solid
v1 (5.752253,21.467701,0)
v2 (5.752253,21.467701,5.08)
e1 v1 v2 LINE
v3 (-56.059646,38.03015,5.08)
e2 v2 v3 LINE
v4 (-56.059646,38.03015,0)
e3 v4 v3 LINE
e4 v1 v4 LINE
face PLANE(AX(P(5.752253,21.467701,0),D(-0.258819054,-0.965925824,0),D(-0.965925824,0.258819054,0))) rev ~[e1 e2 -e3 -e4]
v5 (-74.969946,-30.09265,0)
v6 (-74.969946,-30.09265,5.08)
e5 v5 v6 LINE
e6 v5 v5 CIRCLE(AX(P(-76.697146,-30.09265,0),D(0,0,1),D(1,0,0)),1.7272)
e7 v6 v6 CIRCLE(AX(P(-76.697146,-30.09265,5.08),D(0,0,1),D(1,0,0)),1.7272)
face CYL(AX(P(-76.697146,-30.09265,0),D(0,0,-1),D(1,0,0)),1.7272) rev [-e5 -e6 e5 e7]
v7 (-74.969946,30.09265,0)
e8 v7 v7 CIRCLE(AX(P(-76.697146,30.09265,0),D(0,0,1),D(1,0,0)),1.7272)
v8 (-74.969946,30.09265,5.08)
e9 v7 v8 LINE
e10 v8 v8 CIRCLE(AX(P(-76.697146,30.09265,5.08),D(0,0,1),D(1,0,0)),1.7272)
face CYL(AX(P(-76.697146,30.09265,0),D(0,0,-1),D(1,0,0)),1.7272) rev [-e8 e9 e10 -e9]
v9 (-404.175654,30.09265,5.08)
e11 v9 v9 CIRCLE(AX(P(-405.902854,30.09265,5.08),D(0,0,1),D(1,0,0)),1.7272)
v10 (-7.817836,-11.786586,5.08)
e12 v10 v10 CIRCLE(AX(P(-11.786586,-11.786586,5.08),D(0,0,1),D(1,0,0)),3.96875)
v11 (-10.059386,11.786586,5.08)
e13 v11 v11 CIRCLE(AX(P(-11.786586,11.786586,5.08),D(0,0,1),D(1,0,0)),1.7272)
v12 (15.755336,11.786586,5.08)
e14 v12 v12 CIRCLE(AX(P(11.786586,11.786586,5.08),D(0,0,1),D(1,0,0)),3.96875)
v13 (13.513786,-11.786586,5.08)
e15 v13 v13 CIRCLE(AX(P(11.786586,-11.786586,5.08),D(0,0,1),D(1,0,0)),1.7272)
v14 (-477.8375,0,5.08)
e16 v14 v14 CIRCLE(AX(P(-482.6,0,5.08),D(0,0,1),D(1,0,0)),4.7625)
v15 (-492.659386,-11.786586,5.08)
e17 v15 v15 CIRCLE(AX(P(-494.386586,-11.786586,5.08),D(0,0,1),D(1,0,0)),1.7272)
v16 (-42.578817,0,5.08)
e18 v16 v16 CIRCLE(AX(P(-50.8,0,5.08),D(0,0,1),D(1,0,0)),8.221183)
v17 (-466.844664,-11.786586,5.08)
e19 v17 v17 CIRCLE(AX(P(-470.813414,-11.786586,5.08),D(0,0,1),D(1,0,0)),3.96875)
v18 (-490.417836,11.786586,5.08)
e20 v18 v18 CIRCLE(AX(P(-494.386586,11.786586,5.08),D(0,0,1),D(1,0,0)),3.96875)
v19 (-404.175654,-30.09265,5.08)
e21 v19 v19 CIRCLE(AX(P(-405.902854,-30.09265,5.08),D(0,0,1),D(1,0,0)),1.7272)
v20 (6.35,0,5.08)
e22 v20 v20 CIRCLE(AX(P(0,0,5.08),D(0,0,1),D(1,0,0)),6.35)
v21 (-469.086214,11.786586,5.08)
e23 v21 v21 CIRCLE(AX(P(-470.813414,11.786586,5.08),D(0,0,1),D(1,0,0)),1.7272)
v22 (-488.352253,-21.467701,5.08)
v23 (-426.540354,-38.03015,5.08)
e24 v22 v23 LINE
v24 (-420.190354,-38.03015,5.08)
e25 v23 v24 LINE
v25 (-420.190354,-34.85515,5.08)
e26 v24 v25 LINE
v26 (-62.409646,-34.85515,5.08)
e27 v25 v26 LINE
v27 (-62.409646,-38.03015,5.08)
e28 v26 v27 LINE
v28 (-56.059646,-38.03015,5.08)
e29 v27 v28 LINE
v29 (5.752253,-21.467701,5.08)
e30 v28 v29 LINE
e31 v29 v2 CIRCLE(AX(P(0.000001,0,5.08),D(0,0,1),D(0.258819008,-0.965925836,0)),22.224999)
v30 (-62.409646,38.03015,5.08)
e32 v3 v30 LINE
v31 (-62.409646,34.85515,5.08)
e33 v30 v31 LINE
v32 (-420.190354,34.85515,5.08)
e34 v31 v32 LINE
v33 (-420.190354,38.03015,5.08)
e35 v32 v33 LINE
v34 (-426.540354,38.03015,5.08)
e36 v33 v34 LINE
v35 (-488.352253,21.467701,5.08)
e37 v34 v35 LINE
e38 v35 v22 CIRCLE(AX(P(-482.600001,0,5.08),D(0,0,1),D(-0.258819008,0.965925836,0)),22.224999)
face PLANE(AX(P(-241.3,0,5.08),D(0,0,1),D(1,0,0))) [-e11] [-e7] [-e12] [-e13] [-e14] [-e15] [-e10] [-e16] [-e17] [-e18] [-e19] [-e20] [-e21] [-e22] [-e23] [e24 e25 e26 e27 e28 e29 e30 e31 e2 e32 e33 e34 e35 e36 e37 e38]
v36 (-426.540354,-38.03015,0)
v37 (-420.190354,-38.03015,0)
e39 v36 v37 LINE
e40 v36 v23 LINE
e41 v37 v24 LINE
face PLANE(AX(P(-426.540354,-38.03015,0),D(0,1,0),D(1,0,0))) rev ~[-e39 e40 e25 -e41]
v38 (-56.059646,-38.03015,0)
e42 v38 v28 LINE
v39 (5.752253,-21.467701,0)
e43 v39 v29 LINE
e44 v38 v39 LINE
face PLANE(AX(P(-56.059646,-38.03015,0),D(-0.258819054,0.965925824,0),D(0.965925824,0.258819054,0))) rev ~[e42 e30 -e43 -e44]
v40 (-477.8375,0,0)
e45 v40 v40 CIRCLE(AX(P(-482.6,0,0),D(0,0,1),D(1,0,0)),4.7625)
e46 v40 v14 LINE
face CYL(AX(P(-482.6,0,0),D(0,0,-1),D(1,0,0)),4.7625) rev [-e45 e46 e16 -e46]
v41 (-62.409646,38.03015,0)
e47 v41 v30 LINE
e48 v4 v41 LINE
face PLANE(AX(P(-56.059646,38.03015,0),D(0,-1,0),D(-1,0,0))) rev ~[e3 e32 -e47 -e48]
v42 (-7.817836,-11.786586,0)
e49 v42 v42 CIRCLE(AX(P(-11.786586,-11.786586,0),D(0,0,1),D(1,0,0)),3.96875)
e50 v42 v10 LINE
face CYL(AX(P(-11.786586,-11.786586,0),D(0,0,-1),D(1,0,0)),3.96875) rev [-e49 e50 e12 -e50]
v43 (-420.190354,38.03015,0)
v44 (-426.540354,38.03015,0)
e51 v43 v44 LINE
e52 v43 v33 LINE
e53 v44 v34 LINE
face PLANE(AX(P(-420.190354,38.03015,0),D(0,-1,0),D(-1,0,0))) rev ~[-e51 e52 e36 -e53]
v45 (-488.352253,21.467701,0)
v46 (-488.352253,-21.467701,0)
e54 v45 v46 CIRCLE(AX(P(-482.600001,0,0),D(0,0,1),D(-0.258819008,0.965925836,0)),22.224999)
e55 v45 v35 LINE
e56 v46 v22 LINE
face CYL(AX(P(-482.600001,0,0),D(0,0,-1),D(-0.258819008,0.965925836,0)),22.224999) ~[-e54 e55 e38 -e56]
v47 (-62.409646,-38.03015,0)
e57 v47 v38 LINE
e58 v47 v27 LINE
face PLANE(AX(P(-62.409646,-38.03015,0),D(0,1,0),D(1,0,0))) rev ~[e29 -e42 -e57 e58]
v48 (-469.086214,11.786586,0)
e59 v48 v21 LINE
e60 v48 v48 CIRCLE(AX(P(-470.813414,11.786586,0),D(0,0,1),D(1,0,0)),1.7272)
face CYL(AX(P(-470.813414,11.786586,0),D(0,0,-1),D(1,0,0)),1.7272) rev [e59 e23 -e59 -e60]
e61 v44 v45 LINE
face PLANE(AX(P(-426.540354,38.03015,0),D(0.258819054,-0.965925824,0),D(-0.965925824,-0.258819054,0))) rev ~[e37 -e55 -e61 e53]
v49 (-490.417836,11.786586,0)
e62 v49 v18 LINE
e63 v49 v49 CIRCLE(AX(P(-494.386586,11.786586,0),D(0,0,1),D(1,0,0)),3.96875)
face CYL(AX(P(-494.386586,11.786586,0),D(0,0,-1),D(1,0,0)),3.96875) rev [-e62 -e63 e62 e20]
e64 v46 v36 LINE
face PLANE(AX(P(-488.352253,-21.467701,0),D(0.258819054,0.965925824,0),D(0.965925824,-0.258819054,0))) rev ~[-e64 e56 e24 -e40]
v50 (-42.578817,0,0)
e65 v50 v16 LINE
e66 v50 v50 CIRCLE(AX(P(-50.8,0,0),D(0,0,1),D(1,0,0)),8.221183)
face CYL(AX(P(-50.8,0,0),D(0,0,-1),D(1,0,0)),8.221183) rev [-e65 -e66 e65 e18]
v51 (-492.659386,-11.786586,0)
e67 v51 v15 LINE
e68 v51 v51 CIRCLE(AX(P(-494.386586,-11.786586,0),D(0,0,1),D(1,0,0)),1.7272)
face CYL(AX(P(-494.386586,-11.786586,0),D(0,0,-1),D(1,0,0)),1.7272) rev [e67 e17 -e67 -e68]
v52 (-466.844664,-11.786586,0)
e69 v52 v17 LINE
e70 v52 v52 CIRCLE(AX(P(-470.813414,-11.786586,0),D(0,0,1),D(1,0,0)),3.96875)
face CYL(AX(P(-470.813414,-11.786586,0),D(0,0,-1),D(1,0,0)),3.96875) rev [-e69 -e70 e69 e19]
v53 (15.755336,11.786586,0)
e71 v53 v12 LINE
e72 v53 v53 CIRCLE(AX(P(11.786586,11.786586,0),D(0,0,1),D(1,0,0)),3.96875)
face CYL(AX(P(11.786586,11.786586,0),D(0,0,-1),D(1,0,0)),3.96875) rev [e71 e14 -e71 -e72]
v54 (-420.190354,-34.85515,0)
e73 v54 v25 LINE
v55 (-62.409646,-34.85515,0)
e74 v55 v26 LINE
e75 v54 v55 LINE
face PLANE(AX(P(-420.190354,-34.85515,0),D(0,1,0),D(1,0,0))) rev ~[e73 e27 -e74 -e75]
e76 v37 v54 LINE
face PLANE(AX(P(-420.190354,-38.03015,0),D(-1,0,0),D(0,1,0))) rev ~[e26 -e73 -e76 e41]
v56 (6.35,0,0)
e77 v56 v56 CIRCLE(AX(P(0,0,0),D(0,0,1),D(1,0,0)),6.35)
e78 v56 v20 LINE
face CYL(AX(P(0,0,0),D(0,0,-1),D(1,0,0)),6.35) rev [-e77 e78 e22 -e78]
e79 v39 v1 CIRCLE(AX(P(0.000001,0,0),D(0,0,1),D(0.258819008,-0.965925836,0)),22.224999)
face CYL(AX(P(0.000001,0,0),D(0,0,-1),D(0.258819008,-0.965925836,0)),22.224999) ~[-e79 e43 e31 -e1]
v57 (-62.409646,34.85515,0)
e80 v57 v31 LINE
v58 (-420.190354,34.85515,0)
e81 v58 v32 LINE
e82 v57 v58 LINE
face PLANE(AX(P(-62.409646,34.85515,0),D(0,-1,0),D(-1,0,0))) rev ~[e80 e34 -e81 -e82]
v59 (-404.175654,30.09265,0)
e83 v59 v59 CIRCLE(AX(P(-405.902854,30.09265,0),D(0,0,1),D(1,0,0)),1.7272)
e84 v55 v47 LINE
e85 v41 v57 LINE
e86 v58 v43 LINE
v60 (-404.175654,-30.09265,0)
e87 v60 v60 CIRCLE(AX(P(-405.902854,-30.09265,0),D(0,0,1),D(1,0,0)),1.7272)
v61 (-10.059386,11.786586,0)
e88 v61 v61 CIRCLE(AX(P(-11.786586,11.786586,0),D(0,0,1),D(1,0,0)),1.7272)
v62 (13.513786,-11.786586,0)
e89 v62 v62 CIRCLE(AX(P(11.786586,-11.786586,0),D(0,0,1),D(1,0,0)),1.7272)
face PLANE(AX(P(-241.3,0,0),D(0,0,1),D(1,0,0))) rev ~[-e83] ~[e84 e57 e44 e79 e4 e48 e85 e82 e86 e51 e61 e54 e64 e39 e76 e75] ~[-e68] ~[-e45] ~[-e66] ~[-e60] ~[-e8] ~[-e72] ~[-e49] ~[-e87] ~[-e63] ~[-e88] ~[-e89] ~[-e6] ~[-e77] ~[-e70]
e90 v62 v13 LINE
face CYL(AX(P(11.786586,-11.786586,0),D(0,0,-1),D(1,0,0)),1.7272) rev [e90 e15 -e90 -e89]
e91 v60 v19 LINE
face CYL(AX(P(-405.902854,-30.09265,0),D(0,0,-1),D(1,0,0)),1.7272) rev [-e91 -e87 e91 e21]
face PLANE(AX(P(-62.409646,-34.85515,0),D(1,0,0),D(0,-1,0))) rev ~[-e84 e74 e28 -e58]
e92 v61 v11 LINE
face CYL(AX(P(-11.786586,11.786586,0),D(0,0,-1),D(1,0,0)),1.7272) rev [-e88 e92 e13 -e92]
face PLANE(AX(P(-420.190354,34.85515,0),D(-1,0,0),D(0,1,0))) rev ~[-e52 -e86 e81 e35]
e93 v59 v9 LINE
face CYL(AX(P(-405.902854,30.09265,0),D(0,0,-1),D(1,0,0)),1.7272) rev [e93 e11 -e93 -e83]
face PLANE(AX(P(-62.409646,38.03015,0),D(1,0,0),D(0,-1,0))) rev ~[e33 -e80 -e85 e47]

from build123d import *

# Parameters (mm, degrees)
F0_R     = 1.7272
F0_R_2   = 3.96875
F0_R_3   = 4.7625
F0_R_4   = 8.221183
F0_R_5   = 6.35
F1_DEPTH = 5.08


with BuildPart() as f1:
    # F0 (on Top) → F1 (new body)
    with BuildSketch(Plane.XY):
        with BuildLine():
            Line((-426.540354, 38.03015), (-488.352253, 21.467701))
            ThreePointArc((-488.352253, 21.467701), (-504.825, 0), (-488.352253, -21.467701))
            Line((-488.352253, -21.467701), (-426.540354, -38.03015))
            Line((-426.540354, -38.03015), (-420.190354, -38.03015))
            Line((-420.190354, -38.03015), (-420.190354, -34.85515))
            Line((-420.190354, -34.85515), (-62.409646, -34.85515))
            Line((-62.409646, -34.85515), (-62.409646, -38.03015))
            Line((-62.409646, -38.03015), (-56.059646, -38.03015))
            Line((-56.059646, -38.03015), (5.752253, -21.467701))
            ThreePointArc((5.752253, -21.467701), (22.225, 0), (5.752253, 21.467701))
            Line((5.752253, 21.467701), (-56.059646, 38.03015))
            Line((-56.059646, 38.03015), (-62.409646, 38.03015))
            Line((-62.409646, 38.03015), (-62.409646, 34.85515))
            Line((-62.409646, 34.85515), (-420.190354, 34.85515))
            Line((-420.190354, 34.85515), (-420.190354, 38.03015))
            Line((-420.190354, 38.03015), (-426.540354, 38.03015))
        make_face()
        with Locations((-405.902854, -30.09265)):
            Circle(F0_R, mode=Mode.SUBTRACT)
        with Locations((-494.386586, -11.786586)):
            Circle(F0_R, mode=Mode.SUBTRACT)
        with Locations((-470.813414, -11.786586)):
            Circle(F0_R_2, mode=Mode.SUBTRACT)
        with Locations((-76.697146, -30.09265)):
            Circle(F0_R, mode=Mode.SUBTRACT)
        with Locations((-11.786586, -11.786586)):
            Circle(F0_R_2, mode=Mode.SUBTRACT)
        with Locations((11.786586, -11.786586)):
            Circle(F0_R, mode=Mode.SUBTRACT)
        with Locations((-482.6, 0)):
            Circle(F0_R_3, mode=Mode.SUBTRACT)
        with Locations((-494.386586, 11.786586)):
            Circle(F0_R_2, mode=Mode.SUBTRACT)
        with Locations((-470.813414, 11.786586)):
            Circle(F0_R, mode=Mode.SUBTRACT)
        with Locations((-405.902854, 30.09265)):
            Circle(F0_R, mode=Mode.SUBTRACT)
        with Locations((-50.8, 0)):
            Circle(F0_R_4, mode=Mode.SUBTRACT)
        Circle(F0_R_5, mode=Mode.SUBTRACT)
        with Locations((-11.786586, 11.786586)):
            Circle(F0_R, mode=Mode.SUBTRACT)
        with Locations((11.786586, 11.786586)):
            Circle(F0_R_2, mode=Mode.SUBTRACT)
        with Locations((-76.697146, 30.09265)):
            Circle(F0_R, mode=Mode.SUBTRACT)
    extrude(amount=F1_DEPTH)


solid = f1.part
